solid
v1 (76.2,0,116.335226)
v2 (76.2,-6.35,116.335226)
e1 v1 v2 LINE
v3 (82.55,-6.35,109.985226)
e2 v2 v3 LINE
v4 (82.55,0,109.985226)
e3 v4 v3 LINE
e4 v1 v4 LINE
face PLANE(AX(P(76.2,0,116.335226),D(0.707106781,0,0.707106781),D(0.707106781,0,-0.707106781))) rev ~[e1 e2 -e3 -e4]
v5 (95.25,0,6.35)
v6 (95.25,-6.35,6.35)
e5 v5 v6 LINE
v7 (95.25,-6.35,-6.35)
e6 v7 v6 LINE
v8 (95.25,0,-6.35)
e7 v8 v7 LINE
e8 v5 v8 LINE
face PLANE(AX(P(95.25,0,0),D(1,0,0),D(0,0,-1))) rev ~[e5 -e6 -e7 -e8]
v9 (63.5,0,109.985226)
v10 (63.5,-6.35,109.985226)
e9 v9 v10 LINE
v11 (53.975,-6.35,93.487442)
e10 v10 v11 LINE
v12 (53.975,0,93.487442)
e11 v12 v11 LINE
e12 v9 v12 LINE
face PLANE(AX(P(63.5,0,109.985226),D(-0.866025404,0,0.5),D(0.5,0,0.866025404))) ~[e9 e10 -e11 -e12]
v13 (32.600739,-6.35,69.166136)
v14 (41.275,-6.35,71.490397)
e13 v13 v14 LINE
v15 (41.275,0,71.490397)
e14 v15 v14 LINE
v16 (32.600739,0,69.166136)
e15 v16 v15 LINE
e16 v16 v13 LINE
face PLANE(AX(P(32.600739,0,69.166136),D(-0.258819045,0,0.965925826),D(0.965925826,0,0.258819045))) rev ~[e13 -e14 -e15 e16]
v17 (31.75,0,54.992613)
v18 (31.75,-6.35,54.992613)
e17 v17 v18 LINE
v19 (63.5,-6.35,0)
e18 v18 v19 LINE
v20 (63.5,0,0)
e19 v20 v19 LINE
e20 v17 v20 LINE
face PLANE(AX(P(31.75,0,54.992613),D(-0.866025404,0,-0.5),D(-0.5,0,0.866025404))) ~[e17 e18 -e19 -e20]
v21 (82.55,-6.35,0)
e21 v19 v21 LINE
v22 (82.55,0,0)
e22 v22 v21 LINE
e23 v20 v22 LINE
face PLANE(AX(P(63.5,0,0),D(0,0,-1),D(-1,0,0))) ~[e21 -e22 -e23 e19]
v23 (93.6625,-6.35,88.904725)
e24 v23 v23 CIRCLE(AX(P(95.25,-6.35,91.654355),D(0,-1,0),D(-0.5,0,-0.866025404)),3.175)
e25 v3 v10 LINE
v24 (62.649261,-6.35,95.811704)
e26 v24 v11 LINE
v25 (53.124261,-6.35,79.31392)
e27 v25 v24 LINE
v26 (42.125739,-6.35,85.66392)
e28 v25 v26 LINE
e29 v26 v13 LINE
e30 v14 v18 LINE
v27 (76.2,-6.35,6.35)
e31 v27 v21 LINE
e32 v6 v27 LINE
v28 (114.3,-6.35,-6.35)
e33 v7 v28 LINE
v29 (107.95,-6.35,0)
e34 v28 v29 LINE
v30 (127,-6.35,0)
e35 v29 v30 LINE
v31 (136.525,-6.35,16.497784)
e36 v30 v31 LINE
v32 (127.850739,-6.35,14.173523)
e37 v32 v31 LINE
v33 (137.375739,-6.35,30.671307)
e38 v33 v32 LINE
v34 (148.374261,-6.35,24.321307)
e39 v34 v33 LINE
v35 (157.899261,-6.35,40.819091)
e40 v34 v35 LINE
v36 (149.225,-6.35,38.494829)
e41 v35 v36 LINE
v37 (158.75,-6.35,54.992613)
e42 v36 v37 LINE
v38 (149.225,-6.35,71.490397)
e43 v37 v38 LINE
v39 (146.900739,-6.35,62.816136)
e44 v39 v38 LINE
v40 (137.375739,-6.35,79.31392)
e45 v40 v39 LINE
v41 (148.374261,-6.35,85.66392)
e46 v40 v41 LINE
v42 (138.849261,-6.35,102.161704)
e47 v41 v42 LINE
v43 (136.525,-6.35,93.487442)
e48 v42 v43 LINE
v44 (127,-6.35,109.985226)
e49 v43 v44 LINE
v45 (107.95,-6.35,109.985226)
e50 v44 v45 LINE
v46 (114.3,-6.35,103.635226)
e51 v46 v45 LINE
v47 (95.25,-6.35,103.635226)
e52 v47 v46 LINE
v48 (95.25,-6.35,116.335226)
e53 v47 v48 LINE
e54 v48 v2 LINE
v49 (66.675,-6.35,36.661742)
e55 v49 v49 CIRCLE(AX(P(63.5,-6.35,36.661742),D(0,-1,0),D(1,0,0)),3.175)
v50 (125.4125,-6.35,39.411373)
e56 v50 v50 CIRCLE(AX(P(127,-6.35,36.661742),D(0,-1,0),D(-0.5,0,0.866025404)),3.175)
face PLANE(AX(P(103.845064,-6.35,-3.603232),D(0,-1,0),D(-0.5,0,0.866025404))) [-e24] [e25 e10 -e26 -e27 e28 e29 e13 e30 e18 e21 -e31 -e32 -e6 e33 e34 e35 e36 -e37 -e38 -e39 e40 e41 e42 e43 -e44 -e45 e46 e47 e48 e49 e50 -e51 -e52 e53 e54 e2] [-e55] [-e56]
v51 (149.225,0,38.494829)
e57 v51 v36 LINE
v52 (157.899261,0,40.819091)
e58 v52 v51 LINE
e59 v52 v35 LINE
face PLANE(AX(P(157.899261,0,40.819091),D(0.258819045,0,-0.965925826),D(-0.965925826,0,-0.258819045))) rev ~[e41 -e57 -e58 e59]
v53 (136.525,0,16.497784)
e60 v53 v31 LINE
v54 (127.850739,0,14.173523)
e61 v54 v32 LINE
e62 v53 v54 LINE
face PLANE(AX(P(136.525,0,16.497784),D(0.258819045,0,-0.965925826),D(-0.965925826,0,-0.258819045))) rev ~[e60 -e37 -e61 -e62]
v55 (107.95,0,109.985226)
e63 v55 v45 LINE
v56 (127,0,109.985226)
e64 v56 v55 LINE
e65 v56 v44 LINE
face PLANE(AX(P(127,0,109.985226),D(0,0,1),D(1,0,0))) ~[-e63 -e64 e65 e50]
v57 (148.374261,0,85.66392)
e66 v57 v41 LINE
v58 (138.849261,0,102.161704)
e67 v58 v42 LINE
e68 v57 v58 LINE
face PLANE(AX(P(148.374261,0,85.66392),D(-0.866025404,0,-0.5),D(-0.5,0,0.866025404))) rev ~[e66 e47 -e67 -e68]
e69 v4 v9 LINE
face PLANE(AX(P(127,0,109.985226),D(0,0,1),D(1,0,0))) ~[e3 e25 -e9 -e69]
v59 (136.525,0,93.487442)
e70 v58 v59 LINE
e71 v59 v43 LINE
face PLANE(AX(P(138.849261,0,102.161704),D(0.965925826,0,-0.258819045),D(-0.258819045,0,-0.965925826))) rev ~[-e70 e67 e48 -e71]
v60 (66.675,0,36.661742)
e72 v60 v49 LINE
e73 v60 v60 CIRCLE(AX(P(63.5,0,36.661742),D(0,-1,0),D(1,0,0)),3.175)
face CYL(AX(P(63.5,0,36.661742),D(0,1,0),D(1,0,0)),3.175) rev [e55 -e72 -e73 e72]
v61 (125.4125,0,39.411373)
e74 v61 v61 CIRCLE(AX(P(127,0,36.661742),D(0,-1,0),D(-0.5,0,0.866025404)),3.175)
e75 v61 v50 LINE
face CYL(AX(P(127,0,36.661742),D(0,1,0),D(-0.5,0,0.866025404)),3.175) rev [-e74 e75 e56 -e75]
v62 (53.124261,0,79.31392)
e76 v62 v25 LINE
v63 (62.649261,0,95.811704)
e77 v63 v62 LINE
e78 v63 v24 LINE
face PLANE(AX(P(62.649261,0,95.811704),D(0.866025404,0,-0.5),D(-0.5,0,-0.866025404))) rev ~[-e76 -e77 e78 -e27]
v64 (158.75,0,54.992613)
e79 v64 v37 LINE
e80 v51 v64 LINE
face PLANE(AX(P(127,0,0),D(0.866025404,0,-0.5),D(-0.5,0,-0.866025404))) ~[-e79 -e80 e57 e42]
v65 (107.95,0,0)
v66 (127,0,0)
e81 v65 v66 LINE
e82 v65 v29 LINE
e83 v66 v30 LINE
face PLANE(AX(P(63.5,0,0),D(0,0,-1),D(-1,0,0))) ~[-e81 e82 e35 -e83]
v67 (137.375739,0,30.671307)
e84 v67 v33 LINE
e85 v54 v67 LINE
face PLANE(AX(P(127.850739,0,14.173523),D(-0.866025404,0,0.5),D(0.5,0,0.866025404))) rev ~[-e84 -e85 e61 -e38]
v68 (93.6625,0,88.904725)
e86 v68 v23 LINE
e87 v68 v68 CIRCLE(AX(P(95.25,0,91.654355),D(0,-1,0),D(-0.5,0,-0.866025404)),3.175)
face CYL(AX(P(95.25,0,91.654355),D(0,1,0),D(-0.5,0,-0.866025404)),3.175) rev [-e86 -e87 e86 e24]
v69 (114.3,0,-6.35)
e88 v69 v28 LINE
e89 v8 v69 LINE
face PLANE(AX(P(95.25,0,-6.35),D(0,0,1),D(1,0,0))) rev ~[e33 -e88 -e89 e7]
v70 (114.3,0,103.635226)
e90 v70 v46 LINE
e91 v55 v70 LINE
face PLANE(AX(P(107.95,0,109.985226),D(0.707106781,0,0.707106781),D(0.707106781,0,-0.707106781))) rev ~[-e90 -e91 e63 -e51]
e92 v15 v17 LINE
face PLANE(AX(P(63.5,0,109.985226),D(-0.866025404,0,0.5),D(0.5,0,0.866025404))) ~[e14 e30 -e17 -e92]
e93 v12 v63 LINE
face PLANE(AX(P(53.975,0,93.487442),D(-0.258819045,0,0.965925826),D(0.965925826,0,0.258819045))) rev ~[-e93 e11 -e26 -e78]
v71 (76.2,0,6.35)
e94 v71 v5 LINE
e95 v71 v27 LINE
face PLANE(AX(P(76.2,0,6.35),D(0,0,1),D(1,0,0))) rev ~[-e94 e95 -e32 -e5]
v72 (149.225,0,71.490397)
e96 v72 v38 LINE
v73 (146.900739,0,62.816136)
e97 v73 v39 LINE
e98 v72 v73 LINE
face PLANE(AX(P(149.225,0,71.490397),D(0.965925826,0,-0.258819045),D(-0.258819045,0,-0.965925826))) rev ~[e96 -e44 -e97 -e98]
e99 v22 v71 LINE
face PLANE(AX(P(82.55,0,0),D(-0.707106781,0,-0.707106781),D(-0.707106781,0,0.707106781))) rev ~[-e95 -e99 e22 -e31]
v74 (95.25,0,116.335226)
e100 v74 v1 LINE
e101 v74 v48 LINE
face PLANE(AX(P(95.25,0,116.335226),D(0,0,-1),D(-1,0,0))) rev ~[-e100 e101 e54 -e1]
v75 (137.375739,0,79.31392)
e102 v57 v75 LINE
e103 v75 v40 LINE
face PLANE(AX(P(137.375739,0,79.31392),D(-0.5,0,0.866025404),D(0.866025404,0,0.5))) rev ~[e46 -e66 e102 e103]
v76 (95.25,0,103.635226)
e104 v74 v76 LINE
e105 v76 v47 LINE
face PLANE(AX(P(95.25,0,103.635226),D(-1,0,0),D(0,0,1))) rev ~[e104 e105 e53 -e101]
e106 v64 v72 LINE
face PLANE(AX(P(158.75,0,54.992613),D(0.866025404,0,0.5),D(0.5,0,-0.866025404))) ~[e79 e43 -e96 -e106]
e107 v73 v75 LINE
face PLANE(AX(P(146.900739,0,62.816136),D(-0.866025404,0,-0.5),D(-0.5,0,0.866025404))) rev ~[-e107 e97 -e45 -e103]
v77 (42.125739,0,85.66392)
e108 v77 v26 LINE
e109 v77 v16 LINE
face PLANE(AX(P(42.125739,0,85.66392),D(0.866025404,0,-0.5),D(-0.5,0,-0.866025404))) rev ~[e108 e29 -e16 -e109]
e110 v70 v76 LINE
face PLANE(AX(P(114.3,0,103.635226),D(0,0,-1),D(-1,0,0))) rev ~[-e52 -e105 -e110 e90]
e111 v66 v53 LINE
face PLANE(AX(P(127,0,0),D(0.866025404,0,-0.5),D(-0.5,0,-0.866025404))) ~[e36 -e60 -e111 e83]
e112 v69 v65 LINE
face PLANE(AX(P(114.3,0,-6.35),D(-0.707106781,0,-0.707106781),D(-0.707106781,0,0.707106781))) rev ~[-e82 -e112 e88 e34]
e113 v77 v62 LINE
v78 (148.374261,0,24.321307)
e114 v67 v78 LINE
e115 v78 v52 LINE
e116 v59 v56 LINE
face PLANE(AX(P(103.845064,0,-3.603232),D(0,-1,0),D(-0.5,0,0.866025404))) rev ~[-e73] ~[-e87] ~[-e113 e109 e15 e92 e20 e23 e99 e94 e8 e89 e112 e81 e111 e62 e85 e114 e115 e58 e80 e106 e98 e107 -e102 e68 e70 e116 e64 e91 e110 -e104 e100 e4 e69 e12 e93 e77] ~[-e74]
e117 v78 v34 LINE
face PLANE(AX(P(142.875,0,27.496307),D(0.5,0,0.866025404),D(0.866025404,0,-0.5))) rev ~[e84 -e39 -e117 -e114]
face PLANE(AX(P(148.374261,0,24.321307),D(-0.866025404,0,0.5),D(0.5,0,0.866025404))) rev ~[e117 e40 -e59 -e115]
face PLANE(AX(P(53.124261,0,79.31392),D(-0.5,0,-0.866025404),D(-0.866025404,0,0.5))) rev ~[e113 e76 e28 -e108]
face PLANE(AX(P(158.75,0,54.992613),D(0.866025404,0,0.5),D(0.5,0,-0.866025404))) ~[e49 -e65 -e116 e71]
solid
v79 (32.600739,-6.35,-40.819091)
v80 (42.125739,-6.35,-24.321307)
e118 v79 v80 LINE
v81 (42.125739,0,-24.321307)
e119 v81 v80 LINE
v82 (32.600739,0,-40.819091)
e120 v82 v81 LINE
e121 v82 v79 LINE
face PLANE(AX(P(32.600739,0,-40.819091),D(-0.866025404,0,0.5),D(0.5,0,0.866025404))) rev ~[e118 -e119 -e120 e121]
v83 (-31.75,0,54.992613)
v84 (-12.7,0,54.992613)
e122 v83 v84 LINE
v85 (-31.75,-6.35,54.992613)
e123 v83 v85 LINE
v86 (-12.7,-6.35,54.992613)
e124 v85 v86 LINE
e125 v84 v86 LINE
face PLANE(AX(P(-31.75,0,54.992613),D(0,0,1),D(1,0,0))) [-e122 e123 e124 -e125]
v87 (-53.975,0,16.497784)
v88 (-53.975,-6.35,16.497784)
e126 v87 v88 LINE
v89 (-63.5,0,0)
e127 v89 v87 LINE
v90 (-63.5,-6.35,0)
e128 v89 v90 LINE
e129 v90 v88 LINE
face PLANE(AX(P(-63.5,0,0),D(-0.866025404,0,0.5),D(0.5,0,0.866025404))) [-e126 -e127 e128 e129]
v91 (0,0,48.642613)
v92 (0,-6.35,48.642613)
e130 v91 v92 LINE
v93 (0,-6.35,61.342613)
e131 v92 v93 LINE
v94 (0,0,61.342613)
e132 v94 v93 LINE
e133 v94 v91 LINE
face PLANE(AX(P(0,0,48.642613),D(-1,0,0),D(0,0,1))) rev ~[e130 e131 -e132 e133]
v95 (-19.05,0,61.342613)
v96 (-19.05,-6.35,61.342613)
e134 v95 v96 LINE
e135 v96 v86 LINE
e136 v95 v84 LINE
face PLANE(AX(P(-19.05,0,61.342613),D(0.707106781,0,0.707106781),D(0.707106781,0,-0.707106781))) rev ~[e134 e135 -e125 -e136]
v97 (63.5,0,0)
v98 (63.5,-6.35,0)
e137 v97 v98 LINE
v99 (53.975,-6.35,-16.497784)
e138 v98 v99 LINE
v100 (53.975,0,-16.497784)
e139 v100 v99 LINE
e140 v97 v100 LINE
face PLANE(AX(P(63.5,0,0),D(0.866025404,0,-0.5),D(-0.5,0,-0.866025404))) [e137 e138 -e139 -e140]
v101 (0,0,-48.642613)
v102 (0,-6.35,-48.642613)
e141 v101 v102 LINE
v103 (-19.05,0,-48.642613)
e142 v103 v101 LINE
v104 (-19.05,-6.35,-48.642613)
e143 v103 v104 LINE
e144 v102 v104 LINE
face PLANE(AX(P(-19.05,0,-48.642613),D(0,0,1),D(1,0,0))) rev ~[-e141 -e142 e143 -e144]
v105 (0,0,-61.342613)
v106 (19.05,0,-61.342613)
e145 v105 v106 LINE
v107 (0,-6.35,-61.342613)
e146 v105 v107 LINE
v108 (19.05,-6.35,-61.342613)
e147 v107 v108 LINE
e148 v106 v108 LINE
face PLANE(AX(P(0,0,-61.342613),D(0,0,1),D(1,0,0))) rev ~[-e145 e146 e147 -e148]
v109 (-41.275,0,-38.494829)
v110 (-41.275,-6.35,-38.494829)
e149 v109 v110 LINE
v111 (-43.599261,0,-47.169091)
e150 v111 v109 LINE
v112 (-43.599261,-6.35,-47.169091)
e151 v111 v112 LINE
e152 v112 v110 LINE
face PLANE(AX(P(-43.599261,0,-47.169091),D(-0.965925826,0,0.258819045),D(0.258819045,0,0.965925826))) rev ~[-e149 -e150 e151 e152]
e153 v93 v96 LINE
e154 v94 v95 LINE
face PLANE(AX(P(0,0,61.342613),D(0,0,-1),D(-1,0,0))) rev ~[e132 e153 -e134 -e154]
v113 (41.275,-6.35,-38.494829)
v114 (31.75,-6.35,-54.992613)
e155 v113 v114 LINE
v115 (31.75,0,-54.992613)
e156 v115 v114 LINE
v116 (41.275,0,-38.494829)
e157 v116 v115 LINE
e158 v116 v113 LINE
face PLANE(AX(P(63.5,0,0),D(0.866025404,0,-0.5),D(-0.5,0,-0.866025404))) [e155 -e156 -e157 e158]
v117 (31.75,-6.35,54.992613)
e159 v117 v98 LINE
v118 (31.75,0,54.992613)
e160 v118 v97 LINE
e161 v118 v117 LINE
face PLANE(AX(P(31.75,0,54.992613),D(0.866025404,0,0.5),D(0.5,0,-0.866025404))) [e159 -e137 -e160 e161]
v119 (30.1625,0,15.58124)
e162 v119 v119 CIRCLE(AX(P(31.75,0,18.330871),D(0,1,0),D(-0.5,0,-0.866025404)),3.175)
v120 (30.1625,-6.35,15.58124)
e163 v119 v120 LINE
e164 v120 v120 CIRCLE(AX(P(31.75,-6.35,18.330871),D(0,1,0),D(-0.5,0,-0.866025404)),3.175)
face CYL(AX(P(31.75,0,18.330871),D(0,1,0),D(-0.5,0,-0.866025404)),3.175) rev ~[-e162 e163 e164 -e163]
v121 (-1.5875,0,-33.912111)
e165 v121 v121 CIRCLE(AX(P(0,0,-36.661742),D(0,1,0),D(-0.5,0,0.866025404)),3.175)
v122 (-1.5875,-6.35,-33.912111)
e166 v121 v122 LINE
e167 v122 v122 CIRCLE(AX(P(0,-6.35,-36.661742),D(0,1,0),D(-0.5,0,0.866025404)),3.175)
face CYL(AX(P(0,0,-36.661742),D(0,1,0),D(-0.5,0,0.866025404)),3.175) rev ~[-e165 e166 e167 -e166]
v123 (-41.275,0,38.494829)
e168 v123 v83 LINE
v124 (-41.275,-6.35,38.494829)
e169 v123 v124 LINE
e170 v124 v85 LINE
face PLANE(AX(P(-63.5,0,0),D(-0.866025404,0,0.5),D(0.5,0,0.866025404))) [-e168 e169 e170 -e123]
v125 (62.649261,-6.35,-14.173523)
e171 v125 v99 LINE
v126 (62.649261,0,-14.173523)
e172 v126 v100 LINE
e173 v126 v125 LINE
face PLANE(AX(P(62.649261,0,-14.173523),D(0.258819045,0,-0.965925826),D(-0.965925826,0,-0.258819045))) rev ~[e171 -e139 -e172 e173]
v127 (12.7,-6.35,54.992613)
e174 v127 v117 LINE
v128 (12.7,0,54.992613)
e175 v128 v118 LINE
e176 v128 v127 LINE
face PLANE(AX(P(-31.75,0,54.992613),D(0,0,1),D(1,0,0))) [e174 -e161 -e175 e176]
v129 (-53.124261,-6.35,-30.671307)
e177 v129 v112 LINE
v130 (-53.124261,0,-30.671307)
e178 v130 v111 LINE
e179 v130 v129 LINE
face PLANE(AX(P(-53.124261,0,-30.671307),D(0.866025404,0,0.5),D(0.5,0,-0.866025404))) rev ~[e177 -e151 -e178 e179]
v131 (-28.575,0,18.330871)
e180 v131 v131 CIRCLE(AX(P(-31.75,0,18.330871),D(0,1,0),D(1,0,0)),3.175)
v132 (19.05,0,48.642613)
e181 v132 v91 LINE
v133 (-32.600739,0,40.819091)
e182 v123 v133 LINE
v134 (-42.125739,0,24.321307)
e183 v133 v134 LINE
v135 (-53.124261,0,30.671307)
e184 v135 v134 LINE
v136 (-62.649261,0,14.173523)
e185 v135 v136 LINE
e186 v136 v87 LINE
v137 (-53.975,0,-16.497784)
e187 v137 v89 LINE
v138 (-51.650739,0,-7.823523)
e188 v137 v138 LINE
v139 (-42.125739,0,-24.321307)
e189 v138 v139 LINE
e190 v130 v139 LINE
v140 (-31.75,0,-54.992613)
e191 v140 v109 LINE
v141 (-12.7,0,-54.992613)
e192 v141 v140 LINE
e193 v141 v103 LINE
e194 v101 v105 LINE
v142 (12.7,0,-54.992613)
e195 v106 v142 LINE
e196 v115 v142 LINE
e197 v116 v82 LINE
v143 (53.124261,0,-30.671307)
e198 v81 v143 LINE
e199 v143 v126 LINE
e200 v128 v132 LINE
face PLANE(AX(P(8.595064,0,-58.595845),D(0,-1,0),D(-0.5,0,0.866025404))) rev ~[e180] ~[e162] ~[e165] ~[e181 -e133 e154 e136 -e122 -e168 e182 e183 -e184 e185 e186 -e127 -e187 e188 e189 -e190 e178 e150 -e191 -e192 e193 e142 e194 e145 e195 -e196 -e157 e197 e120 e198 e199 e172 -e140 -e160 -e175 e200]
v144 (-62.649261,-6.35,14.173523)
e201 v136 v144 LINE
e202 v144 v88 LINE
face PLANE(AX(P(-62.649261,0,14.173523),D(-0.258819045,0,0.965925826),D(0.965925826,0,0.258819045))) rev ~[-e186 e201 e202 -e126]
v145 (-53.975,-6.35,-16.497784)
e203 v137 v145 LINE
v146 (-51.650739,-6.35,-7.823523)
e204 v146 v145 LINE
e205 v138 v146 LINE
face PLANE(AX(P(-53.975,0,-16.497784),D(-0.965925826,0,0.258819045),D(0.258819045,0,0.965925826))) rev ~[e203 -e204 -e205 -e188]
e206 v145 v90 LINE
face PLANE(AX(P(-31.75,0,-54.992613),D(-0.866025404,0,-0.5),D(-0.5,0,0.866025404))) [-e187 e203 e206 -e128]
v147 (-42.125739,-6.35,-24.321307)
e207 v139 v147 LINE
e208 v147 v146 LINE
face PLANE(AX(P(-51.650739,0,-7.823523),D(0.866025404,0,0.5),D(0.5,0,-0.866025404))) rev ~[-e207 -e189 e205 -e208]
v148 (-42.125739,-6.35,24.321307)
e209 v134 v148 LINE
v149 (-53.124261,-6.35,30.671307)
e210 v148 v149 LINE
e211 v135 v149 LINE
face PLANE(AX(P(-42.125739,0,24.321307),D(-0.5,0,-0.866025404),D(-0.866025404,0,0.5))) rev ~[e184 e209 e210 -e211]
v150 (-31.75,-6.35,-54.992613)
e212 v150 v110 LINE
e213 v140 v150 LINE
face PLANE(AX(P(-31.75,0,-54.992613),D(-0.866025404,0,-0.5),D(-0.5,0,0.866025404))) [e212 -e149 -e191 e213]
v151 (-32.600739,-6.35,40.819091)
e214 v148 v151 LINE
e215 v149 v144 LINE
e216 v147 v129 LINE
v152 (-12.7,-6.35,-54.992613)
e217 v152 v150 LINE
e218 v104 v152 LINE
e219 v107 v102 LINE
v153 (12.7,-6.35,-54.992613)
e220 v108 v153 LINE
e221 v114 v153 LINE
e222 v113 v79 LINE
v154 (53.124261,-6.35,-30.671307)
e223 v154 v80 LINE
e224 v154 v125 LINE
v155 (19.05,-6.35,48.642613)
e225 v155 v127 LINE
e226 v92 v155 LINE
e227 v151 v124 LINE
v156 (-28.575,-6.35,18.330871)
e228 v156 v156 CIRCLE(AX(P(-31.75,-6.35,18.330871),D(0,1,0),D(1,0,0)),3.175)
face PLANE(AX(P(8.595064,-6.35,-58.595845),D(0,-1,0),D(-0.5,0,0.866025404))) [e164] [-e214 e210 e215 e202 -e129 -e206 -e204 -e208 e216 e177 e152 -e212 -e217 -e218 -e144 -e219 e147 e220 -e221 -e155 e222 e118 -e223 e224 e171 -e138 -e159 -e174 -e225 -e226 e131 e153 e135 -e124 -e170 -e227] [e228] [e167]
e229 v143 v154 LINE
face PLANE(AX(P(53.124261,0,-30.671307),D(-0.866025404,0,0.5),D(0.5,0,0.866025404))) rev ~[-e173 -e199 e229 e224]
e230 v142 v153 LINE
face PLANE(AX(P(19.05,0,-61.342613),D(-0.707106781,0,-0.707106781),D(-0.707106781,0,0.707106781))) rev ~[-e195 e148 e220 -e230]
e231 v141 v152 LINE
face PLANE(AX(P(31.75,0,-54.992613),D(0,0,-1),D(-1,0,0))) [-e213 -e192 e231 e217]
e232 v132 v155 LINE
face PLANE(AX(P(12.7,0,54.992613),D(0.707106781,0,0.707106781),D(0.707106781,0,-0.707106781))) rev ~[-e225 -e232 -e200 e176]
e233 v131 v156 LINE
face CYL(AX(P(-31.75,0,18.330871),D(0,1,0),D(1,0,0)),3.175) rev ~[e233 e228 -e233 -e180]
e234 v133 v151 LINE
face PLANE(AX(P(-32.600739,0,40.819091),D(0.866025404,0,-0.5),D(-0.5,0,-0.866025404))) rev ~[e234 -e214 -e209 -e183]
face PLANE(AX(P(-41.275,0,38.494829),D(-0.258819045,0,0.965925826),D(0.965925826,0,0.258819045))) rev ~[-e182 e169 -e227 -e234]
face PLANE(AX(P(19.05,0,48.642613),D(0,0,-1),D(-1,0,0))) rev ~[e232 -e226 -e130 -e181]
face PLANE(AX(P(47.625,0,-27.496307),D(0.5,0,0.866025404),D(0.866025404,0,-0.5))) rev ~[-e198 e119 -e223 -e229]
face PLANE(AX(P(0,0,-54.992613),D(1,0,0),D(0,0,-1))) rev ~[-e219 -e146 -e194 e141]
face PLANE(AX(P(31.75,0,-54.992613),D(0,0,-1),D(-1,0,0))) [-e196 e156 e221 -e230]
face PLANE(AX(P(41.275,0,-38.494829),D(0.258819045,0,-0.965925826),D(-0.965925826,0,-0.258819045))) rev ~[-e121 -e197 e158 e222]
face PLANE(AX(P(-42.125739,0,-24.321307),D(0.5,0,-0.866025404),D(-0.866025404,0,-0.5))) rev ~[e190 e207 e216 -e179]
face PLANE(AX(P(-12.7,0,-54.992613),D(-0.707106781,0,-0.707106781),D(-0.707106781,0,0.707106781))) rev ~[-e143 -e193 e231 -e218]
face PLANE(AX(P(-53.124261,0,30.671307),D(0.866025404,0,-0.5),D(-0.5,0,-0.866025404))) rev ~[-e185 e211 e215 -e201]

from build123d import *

# Parameters (mm, degrees)
BOSS_EXTRUDE1_DEPTH = 6.35
SKETCH9_R           = 3.175
CUT_EXTRUDE3_DEPTH  = 85.242269675
CIRPATTERN6_COUNT   = 3
CUT_EXTRUDE4_DEPTH  = 194.232075495
BOSS_EXTRUDE4_DEPTH = 6.35
CIRPATTERN7_COUNT   = 6
CUT_EXTRUDE5_DEPTH  = 194.232075495
BOSS_EXTRUDE5_DEPTH = 6.35
CIRPATTERN8_COUNT   = 6


with BuildPart() as part:
    # Sketch1 → Boss-Extrude1 (new body)
    with BuildSketch(Plane(origin=(0, 0, 0), x_dir=(1, 0, 0), z_dir=(0, 1, 0))):
        Polygon((63.5, 0), (31.75, 54.99261314), (-31.75, 54.99261314), (-63.5, 0), (-31.75, -54.99261314), (31.75, -54.99261314), align=None)
    extrude(amount=-BOSS_EXTRUDE1_DEPTH)

    # Sketch9 → Cut-Extrude3 (cut, through all)
    with BuildSketch(Plane(origin=(0, 0, 0), x_dir=(1, 0, 0), z_dir=(0, 1, 0))):
        with Locations((-31.75, -18.330871047)):
            Circle(SKETCH9_R)
    cut_extrude3 = extrude(amount=-CUT_EXTRUDE3_DEPTH, mode=Mode.SUBTRACT)

    # CirPattern6: Cut-Extrude3 ×3 about axis
    cirpattern6_axis = Axis((0, 0, 0), (0, 1, 0))
    for i in range(1, CIRPATTERN6_COUNT):
        add(cut_extrude3.rotate(cirpattern6_axis, i * 360 / CIRPATTERN6_COUNT), mode=Mode.SUBTRACT)


with BuildPart() as body_2:
    # Mirror3: mirrored copy
    add(part.part.mirror(Plane(origin=(31.75, -6.35, 54.99261314), x_dir=(-0.4999999999999997, 0, 0.8660254037844387), z_dir=(0.8660254037844387, 0, 0.49999999999999983))))

    # Sketch13 → Cut-Extrude5 (cut, through all)
    with BuildSketch(Plane(origin=(0, 0, 0), x_dir=(1, 0, 0), z_dir=(0, 1, 0))):
        Polygon((136.525, -16.497783942), (127.850738686, -14.173522628), (137.375738686, -30.67130657), (142.875, -27.49630657), align=None)
    cut_extrude5 = extrude(amount=-CUT_EXTRUDE5_DEPTH, mode=Mode.SUBTRACT)

    # Sketch14 → Boss-Extrude5 (add)
    with BuildSketch(Plane(origin=(0, 0, 0), x_dir=(1, 0, 0), z_dir=(0, 1, 0))):
        Polygon((142.875, -27.49630657), (148.374261314, -24.32130657), (157.899261314, -40.819090512), (149.225, -38.494829198), align=None)
    boss_extrude5 = extrude(amount=-BOSS_EXTRUDE5_DEPTH)

    # CirPattern8: Cut-Extrude5, Boss-Extrude5 ×6 about axis, 1 skipped
    cirpattern8_axis = Axis((95.25, 0, 54.99261314), (0, 1, 0))
    add([cut_extrude5.rotate(cirpattern8_axis, i * 360 / CIRPATTERN8_COUNT) for i in range(1, CIRPATTERN8_COUNT) if i not in (2,)], mode=Mode.SUBTRACT)
    add([boss_extrude5.rotate(cirpattern8_axis, i * 360 / CIRPATTERN8_COUNT) for i in range(1, CIRPATTERN8_COUNT) if i not in (2,)])


with BuildPart() as part_1:
    add(part.part)

    # Sketch10 → Cut-Extrude4 (cut, through all)
    with BuildSketch(Plane(origin=(0, 0, 0), x_dir=(1, 0, 0), z_dir=(0, 1, 0))):
        Polygon((41.275, 38.494829198), (32.600738686, 40.819090512), (42.125738686, 24.32130657), (47.625, 27.49630657), align=None)
    cut_extrude4 = extrude(amount=-CUT_EXTRUDE4_DEPTH, mode=Mode.SUBTRACT)

    # Sketch11 → Boss-Extrude4 (add)
    with BuildSketch(Plane(origin=(0, 0, 0), x_dir=(1, 0, 0), z_dir=(0, 1, 0))):
        Polygon((47.625, 27.49630657), (53.124261314, 30.67130657), (62.649261314, 14.173522628), (53.975, 16.497783942), align=None)
    boss_extrude4 = extrude(amount=-BOSS_EXTRUDE4_DEPTH)

    # CirPattern7: Cut-Extrude4, Boss-Extrude4 ×6 about axis, 1 skipped
    cirpattern7_axis = Axis((0, 0, 0), (0, 1, 0))
    add([cut_extrude4.rotate(cirpattern7_axis, i * 360 / CIRPATTERN7_COUNT) for i in range(1, CIRPATTERN7_COUNT) if i not in (5,)], mode=Mode.SUBTRACT)
    add([boss_extrude4.rotate(cirpattern7_axis, i * 360 / CIRPATTERN7_COUNT) for i in range(1, CIRPATTERN7_COUNT) if i not in (5,)])


solid = Compound([body_2.part, part_1.part])
